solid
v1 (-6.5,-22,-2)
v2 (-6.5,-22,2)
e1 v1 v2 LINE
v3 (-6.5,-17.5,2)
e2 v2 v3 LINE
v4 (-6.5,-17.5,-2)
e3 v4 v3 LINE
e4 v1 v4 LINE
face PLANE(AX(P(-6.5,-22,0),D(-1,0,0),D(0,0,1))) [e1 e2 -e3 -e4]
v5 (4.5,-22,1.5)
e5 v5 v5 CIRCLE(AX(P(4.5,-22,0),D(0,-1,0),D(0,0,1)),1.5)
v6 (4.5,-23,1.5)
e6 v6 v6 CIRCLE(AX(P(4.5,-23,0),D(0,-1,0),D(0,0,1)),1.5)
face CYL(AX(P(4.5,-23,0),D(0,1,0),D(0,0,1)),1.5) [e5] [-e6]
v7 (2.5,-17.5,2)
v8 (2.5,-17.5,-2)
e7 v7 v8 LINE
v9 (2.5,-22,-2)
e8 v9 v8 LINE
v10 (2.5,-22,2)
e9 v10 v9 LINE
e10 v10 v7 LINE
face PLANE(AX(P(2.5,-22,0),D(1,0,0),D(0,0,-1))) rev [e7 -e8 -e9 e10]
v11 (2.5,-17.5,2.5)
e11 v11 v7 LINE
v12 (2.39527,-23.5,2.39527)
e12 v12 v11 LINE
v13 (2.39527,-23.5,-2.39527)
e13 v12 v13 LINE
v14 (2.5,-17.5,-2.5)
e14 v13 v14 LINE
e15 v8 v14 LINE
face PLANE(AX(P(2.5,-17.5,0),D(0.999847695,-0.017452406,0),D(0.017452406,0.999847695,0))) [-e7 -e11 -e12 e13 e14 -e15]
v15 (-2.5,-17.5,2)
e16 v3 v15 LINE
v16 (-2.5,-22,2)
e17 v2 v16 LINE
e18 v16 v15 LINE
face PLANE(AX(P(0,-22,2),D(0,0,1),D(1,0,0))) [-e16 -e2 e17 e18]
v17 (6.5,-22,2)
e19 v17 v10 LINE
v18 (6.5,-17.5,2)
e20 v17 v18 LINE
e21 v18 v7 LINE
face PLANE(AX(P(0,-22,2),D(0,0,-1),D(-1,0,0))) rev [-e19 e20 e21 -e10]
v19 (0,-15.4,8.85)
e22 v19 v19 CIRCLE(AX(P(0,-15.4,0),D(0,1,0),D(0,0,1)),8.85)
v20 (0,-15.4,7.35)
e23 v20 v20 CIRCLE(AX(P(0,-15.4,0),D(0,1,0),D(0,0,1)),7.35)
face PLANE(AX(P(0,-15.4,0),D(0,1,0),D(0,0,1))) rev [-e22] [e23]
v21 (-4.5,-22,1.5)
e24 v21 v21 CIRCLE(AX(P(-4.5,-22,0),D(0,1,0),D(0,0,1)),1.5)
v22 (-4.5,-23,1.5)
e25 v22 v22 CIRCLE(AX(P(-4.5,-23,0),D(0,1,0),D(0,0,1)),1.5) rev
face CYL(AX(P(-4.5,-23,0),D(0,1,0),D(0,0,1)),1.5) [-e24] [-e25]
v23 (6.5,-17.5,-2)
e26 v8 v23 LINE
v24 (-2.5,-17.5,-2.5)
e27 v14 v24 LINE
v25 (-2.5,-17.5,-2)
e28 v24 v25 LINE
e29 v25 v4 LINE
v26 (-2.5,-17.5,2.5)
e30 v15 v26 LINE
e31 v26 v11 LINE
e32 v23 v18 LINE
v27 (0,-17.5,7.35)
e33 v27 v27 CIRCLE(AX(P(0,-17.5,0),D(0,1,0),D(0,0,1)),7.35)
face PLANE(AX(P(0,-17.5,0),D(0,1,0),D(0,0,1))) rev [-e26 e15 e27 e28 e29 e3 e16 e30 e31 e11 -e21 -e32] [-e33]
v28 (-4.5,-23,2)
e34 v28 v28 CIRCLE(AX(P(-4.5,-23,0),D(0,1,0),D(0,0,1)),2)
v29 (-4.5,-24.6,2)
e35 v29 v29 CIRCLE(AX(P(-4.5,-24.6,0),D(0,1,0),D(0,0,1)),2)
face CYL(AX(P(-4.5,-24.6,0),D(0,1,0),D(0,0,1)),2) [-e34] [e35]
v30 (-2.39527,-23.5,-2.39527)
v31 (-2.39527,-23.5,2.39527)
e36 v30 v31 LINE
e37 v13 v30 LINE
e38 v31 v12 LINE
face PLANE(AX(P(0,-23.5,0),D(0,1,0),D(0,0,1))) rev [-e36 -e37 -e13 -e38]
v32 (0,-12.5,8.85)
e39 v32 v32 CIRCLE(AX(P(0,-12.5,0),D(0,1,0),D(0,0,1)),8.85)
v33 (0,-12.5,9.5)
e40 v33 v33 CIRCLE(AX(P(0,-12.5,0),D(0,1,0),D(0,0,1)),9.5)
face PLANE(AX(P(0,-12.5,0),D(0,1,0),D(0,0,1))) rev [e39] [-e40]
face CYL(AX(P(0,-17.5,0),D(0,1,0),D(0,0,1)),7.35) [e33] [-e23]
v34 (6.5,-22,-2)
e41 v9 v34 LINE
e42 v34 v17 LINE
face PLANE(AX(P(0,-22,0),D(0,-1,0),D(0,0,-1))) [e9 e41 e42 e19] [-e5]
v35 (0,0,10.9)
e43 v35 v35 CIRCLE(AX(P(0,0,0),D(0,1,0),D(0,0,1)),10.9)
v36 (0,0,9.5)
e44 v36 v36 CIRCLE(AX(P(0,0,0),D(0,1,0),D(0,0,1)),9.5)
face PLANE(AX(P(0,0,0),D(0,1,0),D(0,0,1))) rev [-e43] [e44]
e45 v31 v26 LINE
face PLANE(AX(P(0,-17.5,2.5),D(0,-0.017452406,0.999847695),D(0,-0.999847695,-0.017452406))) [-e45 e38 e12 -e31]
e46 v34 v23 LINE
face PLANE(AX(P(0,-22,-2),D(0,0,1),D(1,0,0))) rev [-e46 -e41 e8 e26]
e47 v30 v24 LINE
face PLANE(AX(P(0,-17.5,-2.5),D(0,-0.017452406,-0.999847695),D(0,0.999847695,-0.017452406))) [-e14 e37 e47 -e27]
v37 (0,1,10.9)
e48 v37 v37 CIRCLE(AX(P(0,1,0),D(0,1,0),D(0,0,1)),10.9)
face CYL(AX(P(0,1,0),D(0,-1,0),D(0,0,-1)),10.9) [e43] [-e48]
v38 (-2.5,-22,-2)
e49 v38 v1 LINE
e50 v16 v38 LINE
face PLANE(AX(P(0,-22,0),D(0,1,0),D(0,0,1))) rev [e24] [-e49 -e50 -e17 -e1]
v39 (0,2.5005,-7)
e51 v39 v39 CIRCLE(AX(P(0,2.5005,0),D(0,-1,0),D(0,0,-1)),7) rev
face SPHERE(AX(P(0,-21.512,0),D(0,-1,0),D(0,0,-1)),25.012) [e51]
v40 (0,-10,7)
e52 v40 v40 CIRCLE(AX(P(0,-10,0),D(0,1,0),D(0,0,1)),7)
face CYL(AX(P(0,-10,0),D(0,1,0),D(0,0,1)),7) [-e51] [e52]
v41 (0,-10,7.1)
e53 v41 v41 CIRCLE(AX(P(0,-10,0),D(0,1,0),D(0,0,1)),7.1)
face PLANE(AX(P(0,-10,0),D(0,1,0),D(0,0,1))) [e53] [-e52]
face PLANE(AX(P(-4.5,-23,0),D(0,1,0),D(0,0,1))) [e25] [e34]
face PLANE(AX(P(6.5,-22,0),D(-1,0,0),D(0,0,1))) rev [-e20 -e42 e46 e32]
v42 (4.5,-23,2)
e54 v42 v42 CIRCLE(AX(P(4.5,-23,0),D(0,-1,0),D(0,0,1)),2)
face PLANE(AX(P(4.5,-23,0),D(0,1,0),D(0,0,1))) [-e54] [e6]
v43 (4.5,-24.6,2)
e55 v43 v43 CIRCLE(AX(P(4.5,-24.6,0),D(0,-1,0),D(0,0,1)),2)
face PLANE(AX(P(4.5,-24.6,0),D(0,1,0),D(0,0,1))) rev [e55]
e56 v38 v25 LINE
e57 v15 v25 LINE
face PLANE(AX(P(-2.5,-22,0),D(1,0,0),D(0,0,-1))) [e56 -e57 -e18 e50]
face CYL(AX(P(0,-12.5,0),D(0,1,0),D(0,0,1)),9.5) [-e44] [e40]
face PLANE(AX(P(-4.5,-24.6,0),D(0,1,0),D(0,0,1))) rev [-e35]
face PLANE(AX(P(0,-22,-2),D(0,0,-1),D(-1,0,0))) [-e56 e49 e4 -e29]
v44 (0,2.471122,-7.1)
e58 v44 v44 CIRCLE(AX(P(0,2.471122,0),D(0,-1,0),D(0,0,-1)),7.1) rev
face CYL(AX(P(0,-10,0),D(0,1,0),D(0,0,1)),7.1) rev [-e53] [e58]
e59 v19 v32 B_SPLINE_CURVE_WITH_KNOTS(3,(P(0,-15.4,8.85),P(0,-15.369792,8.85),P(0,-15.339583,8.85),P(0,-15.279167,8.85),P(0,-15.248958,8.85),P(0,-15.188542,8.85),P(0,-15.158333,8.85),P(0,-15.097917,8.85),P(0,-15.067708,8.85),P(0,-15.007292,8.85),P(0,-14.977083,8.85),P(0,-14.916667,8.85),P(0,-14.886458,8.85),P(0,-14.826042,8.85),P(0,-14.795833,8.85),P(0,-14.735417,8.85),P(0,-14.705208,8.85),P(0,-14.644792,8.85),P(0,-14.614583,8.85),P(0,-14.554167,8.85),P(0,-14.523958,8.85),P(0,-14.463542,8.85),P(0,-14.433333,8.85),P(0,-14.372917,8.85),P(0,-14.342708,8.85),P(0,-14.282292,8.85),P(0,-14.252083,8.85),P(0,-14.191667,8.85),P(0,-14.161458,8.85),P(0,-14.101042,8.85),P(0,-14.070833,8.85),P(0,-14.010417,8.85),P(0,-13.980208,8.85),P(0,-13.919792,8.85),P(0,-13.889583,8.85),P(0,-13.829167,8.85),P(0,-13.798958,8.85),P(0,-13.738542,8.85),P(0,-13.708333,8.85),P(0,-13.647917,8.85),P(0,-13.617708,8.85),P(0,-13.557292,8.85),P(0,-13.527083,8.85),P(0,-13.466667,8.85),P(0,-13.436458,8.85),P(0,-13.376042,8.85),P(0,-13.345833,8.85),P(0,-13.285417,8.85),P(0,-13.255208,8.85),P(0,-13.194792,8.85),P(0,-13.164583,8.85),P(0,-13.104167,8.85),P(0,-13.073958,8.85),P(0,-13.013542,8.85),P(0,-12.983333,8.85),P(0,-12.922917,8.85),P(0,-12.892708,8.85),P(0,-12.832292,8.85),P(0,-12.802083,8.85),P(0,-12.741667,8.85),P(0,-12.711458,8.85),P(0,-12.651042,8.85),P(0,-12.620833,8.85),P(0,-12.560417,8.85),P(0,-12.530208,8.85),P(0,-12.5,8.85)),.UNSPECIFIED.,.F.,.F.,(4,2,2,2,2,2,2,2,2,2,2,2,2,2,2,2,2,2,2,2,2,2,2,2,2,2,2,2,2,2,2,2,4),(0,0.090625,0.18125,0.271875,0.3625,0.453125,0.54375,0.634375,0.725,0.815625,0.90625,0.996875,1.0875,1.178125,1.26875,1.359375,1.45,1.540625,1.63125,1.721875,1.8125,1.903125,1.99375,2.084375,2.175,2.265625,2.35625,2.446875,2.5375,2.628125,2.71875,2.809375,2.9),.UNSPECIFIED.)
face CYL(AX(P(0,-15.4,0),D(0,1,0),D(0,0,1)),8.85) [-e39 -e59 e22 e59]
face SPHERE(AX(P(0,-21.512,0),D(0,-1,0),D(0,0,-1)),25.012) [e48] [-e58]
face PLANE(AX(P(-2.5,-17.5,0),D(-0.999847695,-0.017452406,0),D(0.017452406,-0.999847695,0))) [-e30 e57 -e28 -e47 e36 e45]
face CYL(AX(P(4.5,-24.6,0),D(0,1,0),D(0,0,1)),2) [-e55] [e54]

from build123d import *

# Parameters (mm, degrees)
SKETCH_1_R          = 10.9
EXTRUDE_1_DEPTH     = 1
DOME_1_FACE_RADIUS  = 10.9
DOME_1_HEIGHT       = 2.5
SKETCH_2_R          = 9.5
EXTRUDE_2_DEPTH     = 12.5
SKETCH_3_R          = 8.85
EXTRUDE_3_DEPTH     = 15.4
SKETCH_4_R          = 7.35
EXTRUDE_4_DEPTH     = 17.5
EXTRUDE_START       = -17.5
SKETCH_6_W          = 5
SKETCH_6_H          = 5
EXTRUDE_5_DEPTH     = 6
EXTRUDE_5_DRAFT     = -1
SKETCH_7_W          = 4
SKETCH_7_H          = 4
EXTRUDE_6_DEPTH     = 4.5
EXTRUDE_START_2     = -22
SKETCH_8_R          = 1.5
EXTRUDE_7_DEPTH     = 1
EXTRUDE_START_3     = -23
SKETCH_9_R          = 2
EXTRUDE_11_DEPTH    = 1.6
CUT_EXTRUDE_START   = 5
SKETCH_5_R          = 7.1
SKETCH_5_R_2        = 7
CUT_EXTRUDE_1_DEPTH = 15


with BuildPart() as part:
    # Эскиз1 → Бобышка-Вытянуть1 (new body)
    with BuildSketch(Plane(origin=(0, 0, 0), x_dir=(1, 0, 0), z_dir=(0, 1, 0))):
        with Locations(Location((0, 0, 0), (0, 0, 270))):
            Circle(SKETCH_1_R)
    extrude(amount=EXTRUDE_1_DEPTH)

    # Купол1: a dome of height H over a round flat face of radius A is a cap of a sphere of radius (A * A + H * H) / (2 * H)
    dome_1_r = (DOME_1_FACE_RADIUS * DOME_1_FACE_RADIUS + DOME_1_HEIGHT * DOME_1_HEIGHT) / (2 * DOME_1_HEIGHT)
    dome_1_base = Plane((0, 1, 0), z_dir=(0, 1, 0))
    with Locations(dome_1_base.offset(DOME_1_HEIGHT - dome_1_r)):
        dome_1_ball = Sphere(dome_1_r, mode=Mode.PRIVATE)
    add(split(dome_1_ball, bisect_by=dome_1_base, keep=Keep.TOP, mode=Mode.PRIVATE))

    # Эскиз2 → Бобышка-Вытянуть2 (add)
    with BuildSketch(Plane(origin=(0, 0, 0), x_dir=(1, 0, 0), z_dir=(0, 1, 0))):
        with Locations(Location((0, 0, 0), (0, 0, 270))):
            Circle(SKETCH_2_R)
    extrude(amount=-EXTRUDE_2_DEPTH)

    # Эскиз3 → Бобышка-Вытянуть3 (add)
    with BuildSketch(Plane(origin=(0, 0, 0), x_dir=(1, 0, 0), z_dir=(0, 1, 0))):
        with Locations(Location((0, 0, 0), (0, 0, 270))):
            Circle(SKETCH_3_R)
    extrude(amount=-EXTRUDE_3_DEPTH)

    # Эскиз4 → Бобышка-Вытянуть4 (add)
    with BuildSketch(Plane(origin=(0, 0, 0), x_dir=(1, 0, 0), z_dir=(0, 1, 0))):
        with Locations(Location((0, 0, 0), (0, 0, 270))):
            Circle(SKETCH_4_R)
    extrude(amount=-EXTRUDE_4_DEPTH)


with BuildPart() as extrude_5_tool:
    # Эскиз6 → Бобышка-Вытянуть5 (with draft: the straight prism first)
    with BuildSketch(Plane(origin=(0, 0, 0), x_dir=(1, 0, 0), z_dir=(0, 1, 0)).offset(EXTRUDE_START)):
        Rectangle(SKETCH_6_W, SKETCH_6_H)
    extrude(amount=-EXTRUDE_5_DEPTH)
    # Бобышка-Вытянуть5: the draft: its side faces are tilted about the plane it starts from
    extrude_5_sides = [extrude_5_tool.faces().sort_by_distance(p)[0] for p in [
        (0, -20.5, 2.5),
        (2.5, -20.5, 0),
        (0, -20.5, -2.5),
        (-2.5, -20.5, 0),
    ]]
    draft(extrude_5_sides, Plane(origin=(0, 0, 0), x_dir=(1, 0, 0), z_dir=(0, 1, 0)).offset(EXTRUDE_START), EXTRUDE_5_DRAFT)


with BuildPart() as part_1:
    add(part.part)

    # Бобышка-Вытянуть5: add extrude_5_tool
    add(extrude_5_tool.part)

    # Эскиз7 → Бобышка-Вытянуть6 (add)
    with BuildSketch(Plane(origin=(0, 0, 0), x_dir=(1, 0, 0), z_dir=(0, 1, 0)).offset(EXTRUDE_START)):
        with Locations((-4.5, 0)):
            Rectangle(SKETCH_7_W, SKETCH_7_H)
    extrude_6 = extrude(amount=-EXTRUDE_6_DEPTH)

    # Зеркальное отражение1: Бобышка-Вытянуть6 across plane
    add(extrude_6.mirror(Plane(origin=(0, 0, 0), x_dir=(0, 0, 1), z_dir=(1, 0, 0))))

    # Эскиз8 → Бобышка-Вытянуть7 (add)
    with BuildSketch(Plane(origin=(0, 0, 0), x_dir=(1, 0, 0), z_dir=(0, 1, 0)).offset(EXTRUDE_START_2)):
        with Locations(Location((-4.5, 0, 0), (0, 0, 270))):
            Circle(SKETCH_8_R)
    extrude_7 = extrude(amount=-EXTRUDE_7_DEPTH)

    # Эскиз9 → Бобышка-Вытянуть11 (add)
    with BuildSketch(Plane(origin=(0, 0, 0), x_dir=(1, 0, 0), z_dir=(0, 1, 0)).offset(EXTRUDE_START_3)):
        with Locations(Location((-4.5, 0, 0), (0, 0, 270))):
            Circle(SKETCH_9_R)
    extrude_11 = extrude(amount=-EXTRUDE_11_DEPTH)

    # Зеркальное отражение3: Бобышка-Вытянуть7, Бобышка-Вытянуть11 across plane
    add(extrude_7.mirror(Plane(origin=(0, 0, 0), x_dir=(0, 0, 1), z_dir=(1, 0, 0))))
    add(extrude_11.mirror(Plane(origin=(0, 0, 0), x_dir=(0, 0, 1), z_dir=(1, 0, 0))))

    # Эскиз5 → Вырез-Вытянуть1 (cut)
    with BuildSketch(Plane(origin=(0, 0, 0), x_dir=(1, 0, 0), z_dir=(0, 1, 0)).offset(CUT_EXTRUDE_START)):
        with Locations(Location((0, 0, 0), (0, 0, 270))):
            Circle(SKETCH_5_R)
        with Locations(Location((0, 0, 0), (0, 0, 270))):
            Circle(SKETCH_5_R_2, mode=Mode.SUBTRACT)
    extrude(amount=-CUT_EXTRUDE_1_DEPTH, mode=Mode.SUBTRACT)


solid = part_1.part
